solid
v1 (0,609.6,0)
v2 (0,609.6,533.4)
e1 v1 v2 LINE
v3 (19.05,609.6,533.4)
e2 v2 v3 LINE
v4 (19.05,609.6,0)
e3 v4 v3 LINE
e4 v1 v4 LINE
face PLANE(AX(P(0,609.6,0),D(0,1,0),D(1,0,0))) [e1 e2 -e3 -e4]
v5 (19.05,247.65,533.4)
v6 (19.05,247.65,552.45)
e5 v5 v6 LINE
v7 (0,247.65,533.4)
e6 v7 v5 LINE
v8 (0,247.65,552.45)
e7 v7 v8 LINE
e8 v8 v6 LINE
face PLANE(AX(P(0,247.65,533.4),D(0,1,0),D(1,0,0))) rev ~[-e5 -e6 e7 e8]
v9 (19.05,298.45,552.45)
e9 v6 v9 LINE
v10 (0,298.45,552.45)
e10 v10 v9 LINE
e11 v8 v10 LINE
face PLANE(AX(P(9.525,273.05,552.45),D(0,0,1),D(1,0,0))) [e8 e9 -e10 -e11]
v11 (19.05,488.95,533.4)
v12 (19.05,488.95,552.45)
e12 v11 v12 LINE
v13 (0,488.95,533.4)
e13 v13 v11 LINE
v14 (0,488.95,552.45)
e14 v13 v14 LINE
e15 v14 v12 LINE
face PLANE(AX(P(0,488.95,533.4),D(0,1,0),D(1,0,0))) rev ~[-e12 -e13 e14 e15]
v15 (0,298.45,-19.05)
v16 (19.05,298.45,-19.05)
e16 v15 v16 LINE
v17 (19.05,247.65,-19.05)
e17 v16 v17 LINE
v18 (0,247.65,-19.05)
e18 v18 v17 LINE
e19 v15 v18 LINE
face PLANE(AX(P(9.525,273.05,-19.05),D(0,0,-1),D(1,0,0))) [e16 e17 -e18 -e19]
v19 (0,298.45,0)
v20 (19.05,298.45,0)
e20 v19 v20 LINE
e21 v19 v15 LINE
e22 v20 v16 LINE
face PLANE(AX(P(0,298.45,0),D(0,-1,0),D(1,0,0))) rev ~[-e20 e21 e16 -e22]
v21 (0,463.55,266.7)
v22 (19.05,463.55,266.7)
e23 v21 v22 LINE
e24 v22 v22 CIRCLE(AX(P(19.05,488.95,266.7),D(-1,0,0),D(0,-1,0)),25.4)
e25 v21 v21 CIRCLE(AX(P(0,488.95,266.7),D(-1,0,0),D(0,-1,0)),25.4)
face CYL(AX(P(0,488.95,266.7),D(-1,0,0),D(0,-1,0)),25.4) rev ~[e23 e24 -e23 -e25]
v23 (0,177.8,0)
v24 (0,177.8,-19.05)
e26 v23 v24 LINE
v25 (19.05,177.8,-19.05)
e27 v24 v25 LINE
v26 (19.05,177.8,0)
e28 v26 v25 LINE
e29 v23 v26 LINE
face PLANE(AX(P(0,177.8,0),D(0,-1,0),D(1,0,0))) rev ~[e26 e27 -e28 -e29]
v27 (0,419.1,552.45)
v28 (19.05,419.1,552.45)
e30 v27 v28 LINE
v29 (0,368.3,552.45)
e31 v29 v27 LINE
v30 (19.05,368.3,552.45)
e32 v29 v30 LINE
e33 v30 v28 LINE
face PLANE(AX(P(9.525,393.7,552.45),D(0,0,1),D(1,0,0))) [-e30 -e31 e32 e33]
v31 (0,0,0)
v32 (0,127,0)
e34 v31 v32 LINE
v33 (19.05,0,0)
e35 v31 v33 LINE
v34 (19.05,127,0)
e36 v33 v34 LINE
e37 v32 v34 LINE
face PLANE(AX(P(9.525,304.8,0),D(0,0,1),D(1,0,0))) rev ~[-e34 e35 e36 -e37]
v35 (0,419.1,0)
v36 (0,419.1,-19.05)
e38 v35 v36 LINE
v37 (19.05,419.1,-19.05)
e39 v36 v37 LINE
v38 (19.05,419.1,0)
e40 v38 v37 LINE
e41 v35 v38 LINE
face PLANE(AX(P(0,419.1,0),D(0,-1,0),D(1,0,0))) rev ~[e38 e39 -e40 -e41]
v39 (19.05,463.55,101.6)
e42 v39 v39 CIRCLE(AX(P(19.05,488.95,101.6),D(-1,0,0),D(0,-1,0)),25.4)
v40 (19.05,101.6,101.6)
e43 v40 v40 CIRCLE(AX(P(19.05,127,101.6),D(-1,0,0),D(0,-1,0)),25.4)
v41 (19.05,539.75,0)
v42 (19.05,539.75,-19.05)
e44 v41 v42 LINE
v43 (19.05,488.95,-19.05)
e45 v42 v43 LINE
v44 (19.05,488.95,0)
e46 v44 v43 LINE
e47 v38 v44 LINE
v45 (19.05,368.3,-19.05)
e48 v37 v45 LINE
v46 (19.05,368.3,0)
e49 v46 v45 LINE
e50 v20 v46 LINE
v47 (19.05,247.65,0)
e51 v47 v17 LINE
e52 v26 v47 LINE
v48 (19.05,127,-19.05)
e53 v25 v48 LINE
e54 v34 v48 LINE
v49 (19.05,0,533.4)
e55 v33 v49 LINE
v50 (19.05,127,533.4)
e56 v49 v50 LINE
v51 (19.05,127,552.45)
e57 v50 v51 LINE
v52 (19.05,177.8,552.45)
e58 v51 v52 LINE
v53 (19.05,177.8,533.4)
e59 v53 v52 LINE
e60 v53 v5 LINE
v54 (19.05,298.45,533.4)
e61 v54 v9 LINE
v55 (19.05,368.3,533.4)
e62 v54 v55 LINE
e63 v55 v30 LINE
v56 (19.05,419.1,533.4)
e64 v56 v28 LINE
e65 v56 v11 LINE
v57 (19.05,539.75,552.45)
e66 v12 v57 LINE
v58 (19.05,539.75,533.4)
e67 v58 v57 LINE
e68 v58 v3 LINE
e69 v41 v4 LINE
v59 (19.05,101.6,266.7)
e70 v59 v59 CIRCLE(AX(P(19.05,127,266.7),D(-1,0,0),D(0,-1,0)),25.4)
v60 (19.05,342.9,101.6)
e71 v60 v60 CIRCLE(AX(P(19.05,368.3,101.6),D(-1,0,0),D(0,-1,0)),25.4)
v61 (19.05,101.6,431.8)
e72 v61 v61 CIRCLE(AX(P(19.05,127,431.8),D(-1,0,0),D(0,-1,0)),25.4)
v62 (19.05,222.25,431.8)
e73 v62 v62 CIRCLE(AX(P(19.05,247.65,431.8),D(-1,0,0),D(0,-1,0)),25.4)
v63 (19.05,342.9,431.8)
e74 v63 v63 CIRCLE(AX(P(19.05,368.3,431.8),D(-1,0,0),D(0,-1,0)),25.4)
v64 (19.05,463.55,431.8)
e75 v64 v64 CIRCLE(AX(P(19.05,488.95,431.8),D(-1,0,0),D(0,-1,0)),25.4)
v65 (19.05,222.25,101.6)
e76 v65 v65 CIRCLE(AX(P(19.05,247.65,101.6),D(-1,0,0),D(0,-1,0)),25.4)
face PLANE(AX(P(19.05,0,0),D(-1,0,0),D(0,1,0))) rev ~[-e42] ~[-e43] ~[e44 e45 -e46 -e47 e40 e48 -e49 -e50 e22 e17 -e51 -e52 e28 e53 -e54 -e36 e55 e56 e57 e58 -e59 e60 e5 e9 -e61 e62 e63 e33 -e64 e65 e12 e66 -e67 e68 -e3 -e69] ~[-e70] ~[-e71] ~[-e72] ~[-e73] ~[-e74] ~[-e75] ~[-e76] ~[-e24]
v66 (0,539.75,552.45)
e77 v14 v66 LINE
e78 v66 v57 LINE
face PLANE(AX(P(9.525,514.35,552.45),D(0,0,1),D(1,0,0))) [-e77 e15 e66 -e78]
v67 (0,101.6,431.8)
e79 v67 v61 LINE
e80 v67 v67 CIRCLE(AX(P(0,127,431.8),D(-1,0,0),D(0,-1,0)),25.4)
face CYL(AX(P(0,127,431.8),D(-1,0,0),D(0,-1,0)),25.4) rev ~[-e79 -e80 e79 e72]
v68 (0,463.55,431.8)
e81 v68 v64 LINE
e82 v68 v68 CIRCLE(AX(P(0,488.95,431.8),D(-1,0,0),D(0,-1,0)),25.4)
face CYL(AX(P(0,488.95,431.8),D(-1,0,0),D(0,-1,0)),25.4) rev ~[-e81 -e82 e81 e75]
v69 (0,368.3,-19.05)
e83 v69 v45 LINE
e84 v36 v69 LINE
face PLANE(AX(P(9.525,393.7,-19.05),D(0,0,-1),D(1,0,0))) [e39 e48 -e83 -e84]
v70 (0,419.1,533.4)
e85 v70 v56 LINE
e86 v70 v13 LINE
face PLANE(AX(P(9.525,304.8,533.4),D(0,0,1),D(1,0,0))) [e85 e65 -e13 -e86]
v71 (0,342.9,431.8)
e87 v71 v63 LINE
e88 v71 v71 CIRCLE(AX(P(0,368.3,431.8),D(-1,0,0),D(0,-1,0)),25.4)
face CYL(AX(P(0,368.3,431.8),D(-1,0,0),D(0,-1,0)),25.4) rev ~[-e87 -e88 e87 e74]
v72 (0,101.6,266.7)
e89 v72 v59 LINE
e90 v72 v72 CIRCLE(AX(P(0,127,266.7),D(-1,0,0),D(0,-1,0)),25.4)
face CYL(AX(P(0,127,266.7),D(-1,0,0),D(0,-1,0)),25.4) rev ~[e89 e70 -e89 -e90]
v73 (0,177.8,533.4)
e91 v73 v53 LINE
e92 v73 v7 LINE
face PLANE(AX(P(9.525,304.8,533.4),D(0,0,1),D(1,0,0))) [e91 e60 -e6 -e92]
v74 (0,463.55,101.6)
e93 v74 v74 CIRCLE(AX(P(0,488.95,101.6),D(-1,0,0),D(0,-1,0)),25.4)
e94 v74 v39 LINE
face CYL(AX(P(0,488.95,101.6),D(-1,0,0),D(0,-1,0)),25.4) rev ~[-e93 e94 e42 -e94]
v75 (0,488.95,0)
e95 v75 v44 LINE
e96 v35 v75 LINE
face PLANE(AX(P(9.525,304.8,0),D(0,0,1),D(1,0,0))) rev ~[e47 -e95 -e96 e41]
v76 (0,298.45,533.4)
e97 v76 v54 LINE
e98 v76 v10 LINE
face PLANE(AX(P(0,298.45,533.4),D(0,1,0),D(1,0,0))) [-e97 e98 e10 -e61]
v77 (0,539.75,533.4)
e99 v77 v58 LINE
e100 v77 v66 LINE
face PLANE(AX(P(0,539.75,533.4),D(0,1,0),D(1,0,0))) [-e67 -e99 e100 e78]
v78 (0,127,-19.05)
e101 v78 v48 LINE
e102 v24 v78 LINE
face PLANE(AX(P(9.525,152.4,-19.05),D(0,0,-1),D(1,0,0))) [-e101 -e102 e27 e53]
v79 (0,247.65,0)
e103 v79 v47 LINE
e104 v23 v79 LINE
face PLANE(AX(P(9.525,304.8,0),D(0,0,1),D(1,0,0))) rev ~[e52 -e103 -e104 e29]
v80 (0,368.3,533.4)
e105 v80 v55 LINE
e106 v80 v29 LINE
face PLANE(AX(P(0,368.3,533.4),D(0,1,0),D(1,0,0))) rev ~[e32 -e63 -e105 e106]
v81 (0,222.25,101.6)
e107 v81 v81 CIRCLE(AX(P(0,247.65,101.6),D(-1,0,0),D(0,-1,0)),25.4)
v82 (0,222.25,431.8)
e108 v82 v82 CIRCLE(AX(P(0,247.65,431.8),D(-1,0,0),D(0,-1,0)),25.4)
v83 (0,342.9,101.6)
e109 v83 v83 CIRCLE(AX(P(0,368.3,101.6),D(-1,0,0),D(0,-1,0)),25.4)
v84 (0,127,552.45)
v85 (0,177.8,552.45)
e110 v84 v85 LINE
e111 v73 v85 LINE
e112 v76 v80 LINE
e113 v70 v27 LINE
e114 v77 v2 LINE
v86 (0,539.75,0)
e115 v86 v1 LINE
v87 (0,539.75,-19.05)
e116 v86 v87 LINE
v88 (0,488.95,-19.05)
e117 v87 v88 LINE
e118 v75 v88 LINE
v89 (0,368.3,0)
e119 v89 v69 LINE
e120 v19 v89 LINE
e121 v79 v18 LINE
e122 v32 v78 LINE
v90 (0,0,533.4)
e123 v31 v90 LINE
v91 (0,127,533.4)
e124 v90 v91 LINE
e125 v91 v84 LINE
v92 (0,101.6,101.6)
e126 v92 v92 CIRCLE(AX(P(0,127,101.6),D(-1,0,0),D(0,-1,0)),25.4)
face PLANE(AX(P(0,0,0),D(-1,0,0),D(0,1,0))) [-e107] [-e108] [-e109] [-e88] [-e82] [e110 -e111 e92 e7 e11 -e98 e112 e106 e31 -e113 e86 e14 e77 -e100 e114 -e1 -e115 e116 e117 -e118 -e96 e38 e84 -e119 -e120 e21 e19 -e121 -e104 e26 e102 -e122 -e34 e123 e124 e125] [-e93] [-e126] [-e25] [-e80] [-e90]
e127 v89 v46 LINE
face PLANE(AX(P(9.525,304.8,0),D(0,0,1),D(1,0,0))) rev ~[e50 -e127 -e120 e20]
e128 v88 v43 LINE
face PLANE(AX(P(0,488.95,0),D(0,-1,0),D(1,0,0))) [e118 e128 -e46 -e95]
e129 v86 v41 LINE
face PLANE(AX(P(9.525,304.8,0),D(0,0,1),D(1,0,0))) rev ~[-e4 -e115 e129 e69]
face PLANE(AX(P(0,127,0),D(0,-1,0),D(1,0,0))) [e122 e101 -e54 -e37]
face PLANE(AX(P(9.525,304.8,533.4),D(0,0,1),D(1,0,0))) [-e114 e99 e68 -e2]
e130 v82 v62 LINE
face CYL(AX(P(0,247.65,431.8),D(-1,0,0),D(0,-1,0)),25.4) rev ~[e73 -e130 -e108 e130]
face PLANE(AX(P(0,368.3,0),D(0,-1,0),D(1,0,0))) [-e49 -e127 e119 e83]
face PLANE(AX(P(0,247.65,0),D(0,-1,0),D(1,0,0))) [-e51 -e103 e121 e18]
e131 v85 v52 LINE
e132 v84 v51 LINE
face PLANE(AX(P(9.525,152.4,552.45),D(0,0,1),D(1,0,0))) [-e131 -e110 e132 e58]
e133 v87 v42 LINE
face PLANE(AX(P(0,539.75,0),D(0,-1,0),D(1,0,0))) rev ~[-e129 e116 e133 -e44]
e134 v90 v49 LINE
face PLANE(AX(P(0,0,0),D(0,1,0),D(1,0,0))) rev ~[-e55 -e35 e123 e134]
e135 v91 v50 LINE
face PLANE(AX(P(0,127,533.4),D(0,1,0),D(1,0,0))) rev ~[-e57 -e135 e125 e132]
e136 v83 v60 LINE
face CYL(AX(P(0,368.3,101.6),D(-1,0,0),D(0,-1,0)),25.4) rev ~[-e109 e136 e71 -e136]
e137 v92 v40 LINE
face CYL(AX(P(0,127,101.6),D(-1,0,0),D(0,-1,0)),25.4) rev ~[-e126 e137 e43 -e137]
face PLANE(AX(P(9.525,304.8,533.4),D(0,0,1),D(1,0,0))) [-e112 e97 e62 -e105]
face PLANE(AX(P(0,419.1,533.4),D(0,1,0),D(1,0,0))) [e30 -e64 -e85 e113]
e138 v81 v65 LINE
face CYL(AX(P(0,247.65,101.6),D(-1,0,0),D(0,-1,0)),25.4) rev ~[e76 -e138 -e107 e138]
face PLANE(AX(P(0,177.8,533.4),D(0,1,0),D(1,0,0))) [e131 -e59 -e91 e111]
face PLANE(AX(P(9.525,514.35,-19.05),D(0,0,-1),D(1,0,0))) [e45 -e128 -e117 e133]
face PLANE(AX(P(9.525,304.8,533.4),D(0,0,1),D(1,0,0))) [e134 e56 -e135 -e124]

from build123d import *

# Parameters (mm, degrees)
F0_W     = 19.05
F0_H     = 609.6
F1_DEPTH = 533.4
F2_W     = 19.05
F2_H     = 50.8
F3_DEPTH = 19.05
F4_W     = 19.05
F4_H     = 50.8
F5_DEPTH = 19.05
F6_R     = 25.4
F7_DEPTH = 19.05


with BuildPart() as f1:
    # F0 (on Top) → F1 (new body)
    with BuildSketch(Plane.XY):
        with Locations((9.525, 304.8)):
            Rectangle(F0_W, F0_H)
    extrude(amount=F1_DEPTH)

    # F2 (on face) → F3 (join)
    with BuildSketch(Plane(origin=(0, 0, 0), x_dir=(1, 0, 0), z_dir=(0, 0, -1))):
        with Locations((9.525, -152.4)):
            Rectangle(F2_W, F2_H)
        with Locations((9.525, -273.05)):
            Rectangle(F2_W, F2_H)
        with Locations((9.525, -393.7)):
            Rectangle(F2_W, F2_H)
        with Locations((9.525, -514.35)):
            Rectangle(F2_W, F2_H)
    extrude(amount=F3_DEPTH)

    # F4 (on face) → F5 (join)
    with BuildSketch(Plane.XY.offset(533.4)):
        with Locations((9.525, 514.35)):
            Rectangle(F4_W, F4_H)
        with Locations((9.525, 393.7)):
            Rectangle(F4_W, F4_H)
        with Locations((9.525, 273.05)):
            Rectangle(F4_W, F4_H)
        with Locations((9.525, 152.4)):
            Rectangle(F4_W, F4_H)
    extrude(amount=F5_DEPTH)

    # F6 (on face) → F7 (cut)
    with BuildSketch(Plane(origin=(0, 0, 0), x_dir=(0, -1, 0), z_dir=(-1, 0, 0))):
        with Locations((-488.95, 101.6)):
            Circle(F6_R)
        with Locations((-368.3, 101.6)):
            Circle(F6_R)
        with Locations((-247.65, 101.6)):
            Circle(F6_R)
        with Locations((-127, 101.6)):
            Circle(F6_R)
        with Locations((-488.95, 431.8)):
            Circle(F6_R)
        with Locations((-368.3, 431.8)):
            Circle(F6_R)
        with Locations((-247.65, 431.8)):
            Circle(F6_R)
        with Locations((-127, 431.8)):
            Circle(F6_R)
        with Locations((-127, 266.7)):
            Circle(F6_R)
        with Locations((-488.95, 266.7)):
            Circle(F6_R)
    extrude(amount=-F7_DEPTH, mode=Mode.SUBTRACT)


solid = f1.part
